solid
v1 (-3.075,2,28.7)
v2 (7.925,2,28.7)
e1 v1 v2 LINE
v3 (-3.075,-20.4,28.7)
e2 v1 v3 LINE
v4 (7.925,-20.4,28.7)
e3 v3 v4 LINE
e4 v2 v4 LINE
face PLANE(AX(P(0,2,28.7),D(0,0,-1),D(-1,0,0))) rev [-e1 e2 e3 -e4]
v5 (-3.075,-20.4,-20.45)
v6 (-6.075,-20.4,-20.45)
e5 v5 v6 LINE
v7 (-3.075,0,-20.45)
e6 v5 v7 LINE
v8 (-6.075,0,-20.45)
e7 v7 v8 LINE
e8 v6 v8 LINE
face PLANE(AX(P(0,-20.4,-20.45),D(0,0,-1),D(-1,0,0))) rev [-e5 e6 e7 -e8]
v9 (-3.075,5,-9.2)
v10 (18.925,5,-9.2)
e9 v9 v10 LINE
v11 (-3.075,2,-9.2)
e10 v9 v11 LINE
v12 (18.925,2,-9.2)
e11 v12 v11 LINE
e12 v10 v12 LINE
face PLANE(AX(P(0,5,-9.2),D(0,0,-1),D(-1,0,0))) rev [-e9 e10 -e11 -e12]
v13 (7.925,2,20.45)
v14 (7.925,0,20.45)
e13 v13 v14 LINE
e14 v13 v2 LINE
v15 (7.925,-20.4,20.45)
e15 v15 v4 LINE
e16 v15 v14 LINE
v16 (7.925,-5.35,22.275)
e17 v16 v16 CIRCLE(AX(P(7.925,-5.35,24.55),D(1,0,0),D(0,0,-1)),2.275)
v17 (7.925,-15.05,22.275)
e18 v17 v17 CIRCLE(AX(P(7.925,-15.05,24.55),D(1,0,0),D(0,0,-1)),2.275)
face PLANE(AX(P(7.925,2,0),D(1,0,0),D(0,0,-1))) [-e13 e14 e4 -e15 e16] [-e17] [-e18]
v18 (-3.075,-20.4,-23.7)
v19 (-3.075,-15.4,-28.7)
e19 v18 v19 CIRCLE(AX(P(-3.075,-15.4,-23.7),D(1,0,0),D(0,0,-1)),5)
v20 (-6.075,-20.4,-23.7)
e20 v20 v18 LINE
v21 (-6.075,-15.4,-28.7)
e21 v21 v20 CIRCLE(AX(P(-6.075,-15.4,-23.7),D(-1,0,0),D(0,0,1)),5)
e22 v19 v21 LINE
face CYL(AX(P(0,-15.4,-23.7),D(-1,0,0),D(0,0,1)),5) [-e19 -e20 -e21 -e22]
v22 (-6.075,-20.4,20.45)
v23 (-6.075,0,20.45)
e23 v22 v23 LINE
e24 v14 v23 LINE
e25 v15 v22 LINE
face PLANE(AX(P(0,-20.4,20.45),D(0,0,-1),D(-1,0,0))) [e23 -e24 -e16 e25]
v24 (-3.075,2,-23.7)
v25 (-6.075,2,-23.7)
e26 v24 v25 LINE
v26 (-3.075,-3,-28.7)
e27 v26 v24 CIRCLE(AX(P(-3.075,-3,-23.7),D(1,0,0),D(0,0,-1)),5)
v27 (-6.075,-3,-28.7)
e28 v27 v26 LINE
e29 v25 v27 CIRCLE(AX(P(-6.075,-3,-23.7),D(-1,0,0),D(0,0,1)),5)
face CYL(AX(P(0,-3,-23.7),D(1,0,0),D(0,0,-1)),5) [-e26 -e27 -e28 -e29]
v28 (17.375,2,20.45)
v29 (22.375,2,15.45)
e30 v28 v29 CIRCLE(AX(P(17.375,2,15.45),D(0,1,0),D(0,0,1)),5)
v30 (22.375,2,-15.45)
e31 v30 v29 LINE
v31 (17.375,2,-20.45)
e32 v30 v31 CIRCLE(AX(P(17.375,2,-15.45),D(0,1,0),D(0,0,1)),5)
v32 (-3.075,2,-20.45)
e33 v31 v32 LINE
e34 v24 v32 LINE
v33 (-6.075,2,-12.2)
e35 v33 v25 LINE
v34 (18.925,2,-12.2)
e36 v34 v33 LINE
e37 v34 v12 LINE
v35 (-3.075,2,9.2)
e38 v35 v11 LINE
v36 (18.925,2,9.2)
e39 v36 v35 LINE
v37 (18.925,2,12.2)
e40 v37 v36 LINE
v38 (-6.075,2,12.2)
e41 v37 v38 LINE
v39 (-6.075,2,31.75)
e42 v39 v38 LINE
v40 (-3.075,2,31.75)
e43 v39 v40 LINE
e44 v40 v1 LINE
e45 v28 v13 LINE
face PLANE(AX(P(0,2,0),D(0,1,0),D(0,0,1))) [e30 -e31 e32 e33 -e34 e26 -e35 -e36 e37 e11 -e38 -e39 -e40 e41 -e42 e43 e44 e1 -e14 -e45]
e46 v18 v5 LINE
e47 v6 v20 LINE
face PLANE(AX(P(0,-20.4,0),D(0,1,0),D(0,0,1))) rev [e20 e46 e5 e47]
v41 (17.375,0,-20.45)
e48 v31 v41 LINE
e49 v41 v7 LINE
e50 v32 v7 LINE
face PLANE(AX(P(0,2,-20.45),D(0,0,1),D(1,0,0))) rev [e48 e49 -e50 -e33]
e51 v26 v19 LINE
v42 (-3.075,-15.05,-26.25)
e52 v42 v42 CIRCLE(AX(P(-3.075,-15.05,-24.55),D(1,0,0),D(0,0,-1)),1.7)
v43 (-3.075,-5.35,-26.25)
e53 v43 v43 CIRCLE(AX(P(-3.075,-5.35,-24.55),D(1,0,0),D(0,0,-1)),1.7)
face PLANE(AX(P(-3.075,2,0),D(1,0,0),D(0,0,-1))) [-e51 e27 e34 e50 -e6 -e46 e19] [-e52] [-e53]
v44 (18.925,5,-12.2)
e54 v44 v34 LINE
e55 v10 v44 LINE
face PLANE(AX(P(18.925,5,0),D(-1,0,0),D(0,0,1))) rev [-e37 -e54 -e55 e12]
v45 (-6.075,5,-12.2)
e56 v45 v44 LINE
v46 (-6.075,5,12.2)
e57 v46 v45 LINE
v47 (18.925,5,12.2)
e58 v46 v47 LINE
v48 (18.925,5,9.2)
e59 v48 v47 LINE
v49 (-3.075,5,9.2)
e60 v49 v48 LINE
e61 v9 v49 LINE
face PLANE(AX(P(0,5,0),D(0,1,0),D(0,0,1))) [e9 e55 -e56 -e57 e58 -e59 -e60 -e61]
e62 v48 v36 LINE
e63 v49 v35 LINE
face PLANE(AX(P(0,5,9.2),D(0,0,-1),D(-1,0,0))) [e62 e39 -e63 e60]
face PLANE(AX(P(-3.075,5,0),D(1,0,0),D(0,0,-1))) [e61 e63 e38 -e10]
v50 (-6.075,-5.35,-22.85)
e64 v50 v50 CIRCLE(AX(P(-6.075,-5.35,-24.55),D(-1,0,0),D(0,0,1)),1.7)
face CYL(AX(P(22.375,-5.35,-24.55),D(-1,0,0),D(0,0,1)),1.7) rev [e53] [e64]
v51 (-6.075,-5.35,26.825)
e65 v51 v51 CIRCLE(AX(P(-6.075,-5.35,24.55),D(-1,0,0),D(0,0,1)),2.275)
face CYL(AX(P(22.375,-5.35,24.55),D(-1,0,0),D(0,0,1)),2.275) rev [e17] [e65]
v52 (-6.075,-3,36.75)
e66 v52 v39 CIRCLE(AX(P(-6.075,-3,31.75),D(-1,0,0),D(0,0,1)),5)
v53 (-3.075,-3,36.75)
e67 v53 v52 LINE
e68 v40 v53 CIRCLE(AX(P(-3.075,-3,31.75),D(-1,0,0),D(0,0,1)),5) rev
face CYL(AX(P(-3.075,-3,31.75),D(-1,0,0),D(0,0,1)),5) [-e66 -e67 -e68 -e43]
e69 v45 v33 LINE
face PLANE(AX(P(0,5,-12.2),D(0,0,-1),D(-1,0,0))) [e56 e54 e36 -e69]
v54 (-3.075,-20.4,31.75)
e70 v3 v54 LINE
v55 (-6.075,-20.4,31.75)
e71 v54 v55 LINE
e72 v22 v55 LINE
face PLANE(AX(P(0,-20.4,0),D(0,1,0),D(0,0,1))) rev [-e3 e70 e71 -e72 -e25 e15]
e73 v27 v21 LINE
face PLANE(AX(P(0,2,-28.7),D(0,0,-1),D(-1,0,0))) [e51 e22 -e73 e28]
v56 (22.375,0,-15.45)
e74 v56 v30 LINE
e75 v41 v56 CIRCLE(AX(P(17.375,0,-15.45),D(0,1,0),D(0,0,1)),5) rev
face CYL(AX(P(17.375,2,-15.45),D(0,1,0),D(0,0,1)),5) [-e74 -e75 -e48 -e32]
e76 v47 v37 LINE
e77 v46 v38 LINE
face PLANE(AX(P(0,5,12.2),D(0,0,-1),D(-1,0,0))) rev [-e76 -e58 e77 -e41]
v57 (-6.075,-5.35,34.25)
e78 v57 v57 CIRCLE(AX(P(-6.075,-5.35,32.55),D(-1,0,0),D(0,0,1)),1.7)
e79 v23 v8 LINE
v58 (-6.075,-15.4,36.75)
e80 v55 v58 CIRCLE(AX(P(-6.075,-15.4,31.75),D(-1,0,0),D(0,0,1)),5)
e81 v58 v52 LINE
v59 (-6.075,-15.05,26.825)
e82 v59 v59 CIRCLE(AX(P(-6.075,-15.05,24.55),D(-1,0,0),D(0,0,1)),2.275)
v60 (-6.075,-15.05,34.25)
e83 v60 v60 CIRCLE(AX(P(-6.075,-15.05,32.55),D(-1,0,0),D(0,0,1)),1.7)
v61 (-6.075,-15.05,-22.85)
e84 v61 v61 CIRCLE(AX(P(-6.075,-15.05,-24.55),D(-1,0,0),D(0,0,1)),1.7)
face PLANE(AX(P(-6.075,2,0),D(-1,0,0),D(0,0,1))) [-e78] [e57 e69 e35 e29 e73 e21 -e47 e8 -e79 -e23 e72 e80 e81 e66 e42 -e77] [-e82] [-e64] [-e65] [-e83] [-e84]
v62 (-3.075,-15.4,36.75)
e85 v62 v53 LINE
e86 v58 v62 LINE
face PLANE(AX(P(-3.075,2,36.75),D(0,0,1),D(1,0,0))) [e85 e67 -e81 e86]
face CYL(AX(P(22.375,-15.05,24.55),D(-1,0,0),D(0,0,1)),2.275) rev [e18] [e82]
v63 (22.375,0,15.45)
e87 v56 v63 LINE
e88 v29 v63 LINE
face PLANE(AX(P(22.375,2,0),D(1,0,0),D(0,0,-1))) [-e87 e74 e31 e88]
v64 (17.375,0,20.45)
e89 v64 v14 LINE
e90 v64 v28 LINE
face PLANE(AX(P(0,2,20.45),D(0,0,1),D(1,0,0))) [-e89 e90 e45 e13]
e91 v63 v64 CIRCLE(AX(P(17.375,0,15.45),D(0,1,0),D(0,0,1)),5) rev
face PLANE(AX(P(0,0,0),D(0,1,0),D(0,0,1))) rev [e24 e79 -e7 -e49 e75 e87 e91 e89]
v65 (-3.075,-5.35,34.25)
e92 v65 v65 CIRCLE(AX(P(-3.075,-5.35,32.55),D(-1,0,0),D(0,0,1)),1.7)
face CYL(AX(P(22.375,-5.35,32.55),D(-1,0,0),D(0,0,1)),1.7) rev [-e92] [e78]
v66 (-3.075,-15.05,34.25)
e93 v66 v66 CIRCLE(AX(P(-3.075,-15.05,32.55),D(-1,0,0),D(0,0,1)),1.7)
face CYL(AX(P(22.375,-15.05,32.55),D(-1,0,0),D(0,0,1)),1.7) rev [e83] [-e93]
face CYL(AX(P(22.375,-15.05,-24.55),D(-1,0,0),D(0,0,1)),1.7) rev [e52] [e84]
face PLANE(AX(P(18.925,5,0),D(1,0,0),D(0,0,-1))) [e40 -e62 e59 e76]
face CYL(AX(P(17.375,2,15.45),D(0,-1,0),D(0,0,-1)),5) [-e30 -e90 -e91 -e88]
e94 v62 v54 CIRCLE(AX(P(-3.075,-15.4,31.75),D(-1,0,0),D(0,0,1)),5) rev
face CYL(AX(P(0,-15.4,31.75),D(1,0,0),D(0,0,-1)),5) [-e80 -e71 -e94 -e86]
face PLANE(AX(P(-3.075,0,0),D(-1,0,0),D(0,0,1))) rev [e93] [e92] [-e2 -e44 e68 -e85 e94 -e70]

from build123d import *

# Parameters (mm, degrees)
BOSS_EXTRUDE1_DEPTH = 2
SKETCH1_3_W         = 14
SKETCH1_3_H         = 8.25
SKETCH1_3_W_2       = 3
BOSS_EXTRUDE2_DEPTH = 20.4
BOSS_EXTRUDE4_START = -6.075
SKETCH5_W           = 8.05
SKETCH5_H           = 22.4
BOSS_EXTRUDE4_DEPTH = 3
CUT_EXTRUDE1_START  = -6.075
SKETCH2_R           = 1.7
SKETCH2_R_2         = 2.275
CUT_EXTRUDE1_DEPTH  = 54.691836571
FILLET1_R           = 5
SKETCH6_W           = 3
SKETCH6_H           = 18.4
BOSS_EXTRUDE5_DEPTH = 5


with BuildPart() as part:
    # Sketch1 → Boss-Extrude1 (new body)
    with BuildSketch(Plane(origin=(0, 0, 0), x_dir=(1, 0, 0), z_dir=(0, 1, 0))):
        Polygon((22.375, -20.45), (22.375, 20.45), (-3.075, 20.45), (-3.075, 28.7), (-6.075, 28.7), (-6.075, -28.7), (7.925, -28.7), (7.925, -20.45), align=None)
    extrude(amount=BOSS_EXTRUDE1_DEPTH)

    # Sketch1<3> → Boss-Extrude2 (add)
    with BuildSketch(Plane(origin=(0, 0, 0), x_dir=(1, 0, 0), z_dir=(0, 1, 0))):
        with Locations((0.925, -24.575)):
            Rectangle(SKETCH1_3_W, SKETCH1_3_H)
        with Locations((-4.575, 24.575)):
            Rectangle(SKETCH1_3_W_2, SKETCH1_3_H)
    extrude(amount=-BOSS_EXTRUDE2_DEPTH)

    # Sketch5 → Boss-Extrude4 (add)
    with BuildSketch(Plane(origin=(0, 0, 0), x_dir=(0, 0, -1), z_dir=(1, 0, 0)).offset(BOSS_EXTRUDE4_START)):
        with Locations((-32.725, -9.2)):
            Rectangle(SKETCH5_W, SKETCH5_H)
    extrude(amount=BOSS_EXTRUDE4_DEPTH)

    # Sketch2 → Cut-Extrude1 (cut, through all)
    with BuildSketch(Plane(origin=(0, 0, 0), x_dir=(0, 0, -1), z_dir=(1, 0, 0)).offset(CUT_EXTRUDE1_START)):
        with Locations(Location((24.55, -15.05, 0), (0, 0, 180))):
            Circle(SKETCH2_R)
        with Locations(Location((-24.55, -15.05, 0), (0, 0, 180))):
            Circle(SKETCH2_R_2)
        with Locations(Location((-24.55, -5.35, 0), (0, 0, 180))):
            Circle(SKETCH2_R_2)
        with Locations(Location((24.55, -5.35, 0), (0, 0, 180))):
            Circle(SKETCH2_R)
        with Locations(Location((-32.55, -5.35, 0), (0, 0, 180))):
            Circle(SKETCH2_R)
        with Locations(Location((-32.55, -15.05, 0), (0, 0, 180))):
            Circle(SKETCH2_R)
    extrude(amount=CUT_EXTRUDE1_DEPTH, mode=Mode.SUBTRACT)

    # Fillet1
    fillet1_edges = [part.edges().sort_by_distance(p)[0] for p in [
        (22.375, 1, -20.45),
        (22.375, 1, 20.45),
        (-4.575, -20.4, -28.7),
        (-4.575, 2, -28.7),
        (-4.575, 2, 36.75),
        (-4.575, -20.4, 36.75),
    ]]
    fillet(fillet1_edges, radius=FILLET1_R)

    # Sketch6 → Boss-Extrude5 (add)
    with BuildSketch(Plane(origin=(0, 0, 0), x_dir=(1, 0, 0), z_dir=(0, 1, 0))):
        Polygon((-6.075, 12.2), (-6.075, 9.2), (-3.075, 9.2), (18.925, 9.2), (18.925, 12.2), align=None)
        with Locations((-4.575, 0)):
            Rectangle(SKETCH6_W, SKETCH6_H)
        Polygon((-3.075, -9.2), (-6.075, -9.2), (-6.075, -12.2), (18.925, -12.2), (18.925, -9.2), align=None)
    extrude(amount=BOSS_EXTRUDE5_DEPTH)


solid = part.part
